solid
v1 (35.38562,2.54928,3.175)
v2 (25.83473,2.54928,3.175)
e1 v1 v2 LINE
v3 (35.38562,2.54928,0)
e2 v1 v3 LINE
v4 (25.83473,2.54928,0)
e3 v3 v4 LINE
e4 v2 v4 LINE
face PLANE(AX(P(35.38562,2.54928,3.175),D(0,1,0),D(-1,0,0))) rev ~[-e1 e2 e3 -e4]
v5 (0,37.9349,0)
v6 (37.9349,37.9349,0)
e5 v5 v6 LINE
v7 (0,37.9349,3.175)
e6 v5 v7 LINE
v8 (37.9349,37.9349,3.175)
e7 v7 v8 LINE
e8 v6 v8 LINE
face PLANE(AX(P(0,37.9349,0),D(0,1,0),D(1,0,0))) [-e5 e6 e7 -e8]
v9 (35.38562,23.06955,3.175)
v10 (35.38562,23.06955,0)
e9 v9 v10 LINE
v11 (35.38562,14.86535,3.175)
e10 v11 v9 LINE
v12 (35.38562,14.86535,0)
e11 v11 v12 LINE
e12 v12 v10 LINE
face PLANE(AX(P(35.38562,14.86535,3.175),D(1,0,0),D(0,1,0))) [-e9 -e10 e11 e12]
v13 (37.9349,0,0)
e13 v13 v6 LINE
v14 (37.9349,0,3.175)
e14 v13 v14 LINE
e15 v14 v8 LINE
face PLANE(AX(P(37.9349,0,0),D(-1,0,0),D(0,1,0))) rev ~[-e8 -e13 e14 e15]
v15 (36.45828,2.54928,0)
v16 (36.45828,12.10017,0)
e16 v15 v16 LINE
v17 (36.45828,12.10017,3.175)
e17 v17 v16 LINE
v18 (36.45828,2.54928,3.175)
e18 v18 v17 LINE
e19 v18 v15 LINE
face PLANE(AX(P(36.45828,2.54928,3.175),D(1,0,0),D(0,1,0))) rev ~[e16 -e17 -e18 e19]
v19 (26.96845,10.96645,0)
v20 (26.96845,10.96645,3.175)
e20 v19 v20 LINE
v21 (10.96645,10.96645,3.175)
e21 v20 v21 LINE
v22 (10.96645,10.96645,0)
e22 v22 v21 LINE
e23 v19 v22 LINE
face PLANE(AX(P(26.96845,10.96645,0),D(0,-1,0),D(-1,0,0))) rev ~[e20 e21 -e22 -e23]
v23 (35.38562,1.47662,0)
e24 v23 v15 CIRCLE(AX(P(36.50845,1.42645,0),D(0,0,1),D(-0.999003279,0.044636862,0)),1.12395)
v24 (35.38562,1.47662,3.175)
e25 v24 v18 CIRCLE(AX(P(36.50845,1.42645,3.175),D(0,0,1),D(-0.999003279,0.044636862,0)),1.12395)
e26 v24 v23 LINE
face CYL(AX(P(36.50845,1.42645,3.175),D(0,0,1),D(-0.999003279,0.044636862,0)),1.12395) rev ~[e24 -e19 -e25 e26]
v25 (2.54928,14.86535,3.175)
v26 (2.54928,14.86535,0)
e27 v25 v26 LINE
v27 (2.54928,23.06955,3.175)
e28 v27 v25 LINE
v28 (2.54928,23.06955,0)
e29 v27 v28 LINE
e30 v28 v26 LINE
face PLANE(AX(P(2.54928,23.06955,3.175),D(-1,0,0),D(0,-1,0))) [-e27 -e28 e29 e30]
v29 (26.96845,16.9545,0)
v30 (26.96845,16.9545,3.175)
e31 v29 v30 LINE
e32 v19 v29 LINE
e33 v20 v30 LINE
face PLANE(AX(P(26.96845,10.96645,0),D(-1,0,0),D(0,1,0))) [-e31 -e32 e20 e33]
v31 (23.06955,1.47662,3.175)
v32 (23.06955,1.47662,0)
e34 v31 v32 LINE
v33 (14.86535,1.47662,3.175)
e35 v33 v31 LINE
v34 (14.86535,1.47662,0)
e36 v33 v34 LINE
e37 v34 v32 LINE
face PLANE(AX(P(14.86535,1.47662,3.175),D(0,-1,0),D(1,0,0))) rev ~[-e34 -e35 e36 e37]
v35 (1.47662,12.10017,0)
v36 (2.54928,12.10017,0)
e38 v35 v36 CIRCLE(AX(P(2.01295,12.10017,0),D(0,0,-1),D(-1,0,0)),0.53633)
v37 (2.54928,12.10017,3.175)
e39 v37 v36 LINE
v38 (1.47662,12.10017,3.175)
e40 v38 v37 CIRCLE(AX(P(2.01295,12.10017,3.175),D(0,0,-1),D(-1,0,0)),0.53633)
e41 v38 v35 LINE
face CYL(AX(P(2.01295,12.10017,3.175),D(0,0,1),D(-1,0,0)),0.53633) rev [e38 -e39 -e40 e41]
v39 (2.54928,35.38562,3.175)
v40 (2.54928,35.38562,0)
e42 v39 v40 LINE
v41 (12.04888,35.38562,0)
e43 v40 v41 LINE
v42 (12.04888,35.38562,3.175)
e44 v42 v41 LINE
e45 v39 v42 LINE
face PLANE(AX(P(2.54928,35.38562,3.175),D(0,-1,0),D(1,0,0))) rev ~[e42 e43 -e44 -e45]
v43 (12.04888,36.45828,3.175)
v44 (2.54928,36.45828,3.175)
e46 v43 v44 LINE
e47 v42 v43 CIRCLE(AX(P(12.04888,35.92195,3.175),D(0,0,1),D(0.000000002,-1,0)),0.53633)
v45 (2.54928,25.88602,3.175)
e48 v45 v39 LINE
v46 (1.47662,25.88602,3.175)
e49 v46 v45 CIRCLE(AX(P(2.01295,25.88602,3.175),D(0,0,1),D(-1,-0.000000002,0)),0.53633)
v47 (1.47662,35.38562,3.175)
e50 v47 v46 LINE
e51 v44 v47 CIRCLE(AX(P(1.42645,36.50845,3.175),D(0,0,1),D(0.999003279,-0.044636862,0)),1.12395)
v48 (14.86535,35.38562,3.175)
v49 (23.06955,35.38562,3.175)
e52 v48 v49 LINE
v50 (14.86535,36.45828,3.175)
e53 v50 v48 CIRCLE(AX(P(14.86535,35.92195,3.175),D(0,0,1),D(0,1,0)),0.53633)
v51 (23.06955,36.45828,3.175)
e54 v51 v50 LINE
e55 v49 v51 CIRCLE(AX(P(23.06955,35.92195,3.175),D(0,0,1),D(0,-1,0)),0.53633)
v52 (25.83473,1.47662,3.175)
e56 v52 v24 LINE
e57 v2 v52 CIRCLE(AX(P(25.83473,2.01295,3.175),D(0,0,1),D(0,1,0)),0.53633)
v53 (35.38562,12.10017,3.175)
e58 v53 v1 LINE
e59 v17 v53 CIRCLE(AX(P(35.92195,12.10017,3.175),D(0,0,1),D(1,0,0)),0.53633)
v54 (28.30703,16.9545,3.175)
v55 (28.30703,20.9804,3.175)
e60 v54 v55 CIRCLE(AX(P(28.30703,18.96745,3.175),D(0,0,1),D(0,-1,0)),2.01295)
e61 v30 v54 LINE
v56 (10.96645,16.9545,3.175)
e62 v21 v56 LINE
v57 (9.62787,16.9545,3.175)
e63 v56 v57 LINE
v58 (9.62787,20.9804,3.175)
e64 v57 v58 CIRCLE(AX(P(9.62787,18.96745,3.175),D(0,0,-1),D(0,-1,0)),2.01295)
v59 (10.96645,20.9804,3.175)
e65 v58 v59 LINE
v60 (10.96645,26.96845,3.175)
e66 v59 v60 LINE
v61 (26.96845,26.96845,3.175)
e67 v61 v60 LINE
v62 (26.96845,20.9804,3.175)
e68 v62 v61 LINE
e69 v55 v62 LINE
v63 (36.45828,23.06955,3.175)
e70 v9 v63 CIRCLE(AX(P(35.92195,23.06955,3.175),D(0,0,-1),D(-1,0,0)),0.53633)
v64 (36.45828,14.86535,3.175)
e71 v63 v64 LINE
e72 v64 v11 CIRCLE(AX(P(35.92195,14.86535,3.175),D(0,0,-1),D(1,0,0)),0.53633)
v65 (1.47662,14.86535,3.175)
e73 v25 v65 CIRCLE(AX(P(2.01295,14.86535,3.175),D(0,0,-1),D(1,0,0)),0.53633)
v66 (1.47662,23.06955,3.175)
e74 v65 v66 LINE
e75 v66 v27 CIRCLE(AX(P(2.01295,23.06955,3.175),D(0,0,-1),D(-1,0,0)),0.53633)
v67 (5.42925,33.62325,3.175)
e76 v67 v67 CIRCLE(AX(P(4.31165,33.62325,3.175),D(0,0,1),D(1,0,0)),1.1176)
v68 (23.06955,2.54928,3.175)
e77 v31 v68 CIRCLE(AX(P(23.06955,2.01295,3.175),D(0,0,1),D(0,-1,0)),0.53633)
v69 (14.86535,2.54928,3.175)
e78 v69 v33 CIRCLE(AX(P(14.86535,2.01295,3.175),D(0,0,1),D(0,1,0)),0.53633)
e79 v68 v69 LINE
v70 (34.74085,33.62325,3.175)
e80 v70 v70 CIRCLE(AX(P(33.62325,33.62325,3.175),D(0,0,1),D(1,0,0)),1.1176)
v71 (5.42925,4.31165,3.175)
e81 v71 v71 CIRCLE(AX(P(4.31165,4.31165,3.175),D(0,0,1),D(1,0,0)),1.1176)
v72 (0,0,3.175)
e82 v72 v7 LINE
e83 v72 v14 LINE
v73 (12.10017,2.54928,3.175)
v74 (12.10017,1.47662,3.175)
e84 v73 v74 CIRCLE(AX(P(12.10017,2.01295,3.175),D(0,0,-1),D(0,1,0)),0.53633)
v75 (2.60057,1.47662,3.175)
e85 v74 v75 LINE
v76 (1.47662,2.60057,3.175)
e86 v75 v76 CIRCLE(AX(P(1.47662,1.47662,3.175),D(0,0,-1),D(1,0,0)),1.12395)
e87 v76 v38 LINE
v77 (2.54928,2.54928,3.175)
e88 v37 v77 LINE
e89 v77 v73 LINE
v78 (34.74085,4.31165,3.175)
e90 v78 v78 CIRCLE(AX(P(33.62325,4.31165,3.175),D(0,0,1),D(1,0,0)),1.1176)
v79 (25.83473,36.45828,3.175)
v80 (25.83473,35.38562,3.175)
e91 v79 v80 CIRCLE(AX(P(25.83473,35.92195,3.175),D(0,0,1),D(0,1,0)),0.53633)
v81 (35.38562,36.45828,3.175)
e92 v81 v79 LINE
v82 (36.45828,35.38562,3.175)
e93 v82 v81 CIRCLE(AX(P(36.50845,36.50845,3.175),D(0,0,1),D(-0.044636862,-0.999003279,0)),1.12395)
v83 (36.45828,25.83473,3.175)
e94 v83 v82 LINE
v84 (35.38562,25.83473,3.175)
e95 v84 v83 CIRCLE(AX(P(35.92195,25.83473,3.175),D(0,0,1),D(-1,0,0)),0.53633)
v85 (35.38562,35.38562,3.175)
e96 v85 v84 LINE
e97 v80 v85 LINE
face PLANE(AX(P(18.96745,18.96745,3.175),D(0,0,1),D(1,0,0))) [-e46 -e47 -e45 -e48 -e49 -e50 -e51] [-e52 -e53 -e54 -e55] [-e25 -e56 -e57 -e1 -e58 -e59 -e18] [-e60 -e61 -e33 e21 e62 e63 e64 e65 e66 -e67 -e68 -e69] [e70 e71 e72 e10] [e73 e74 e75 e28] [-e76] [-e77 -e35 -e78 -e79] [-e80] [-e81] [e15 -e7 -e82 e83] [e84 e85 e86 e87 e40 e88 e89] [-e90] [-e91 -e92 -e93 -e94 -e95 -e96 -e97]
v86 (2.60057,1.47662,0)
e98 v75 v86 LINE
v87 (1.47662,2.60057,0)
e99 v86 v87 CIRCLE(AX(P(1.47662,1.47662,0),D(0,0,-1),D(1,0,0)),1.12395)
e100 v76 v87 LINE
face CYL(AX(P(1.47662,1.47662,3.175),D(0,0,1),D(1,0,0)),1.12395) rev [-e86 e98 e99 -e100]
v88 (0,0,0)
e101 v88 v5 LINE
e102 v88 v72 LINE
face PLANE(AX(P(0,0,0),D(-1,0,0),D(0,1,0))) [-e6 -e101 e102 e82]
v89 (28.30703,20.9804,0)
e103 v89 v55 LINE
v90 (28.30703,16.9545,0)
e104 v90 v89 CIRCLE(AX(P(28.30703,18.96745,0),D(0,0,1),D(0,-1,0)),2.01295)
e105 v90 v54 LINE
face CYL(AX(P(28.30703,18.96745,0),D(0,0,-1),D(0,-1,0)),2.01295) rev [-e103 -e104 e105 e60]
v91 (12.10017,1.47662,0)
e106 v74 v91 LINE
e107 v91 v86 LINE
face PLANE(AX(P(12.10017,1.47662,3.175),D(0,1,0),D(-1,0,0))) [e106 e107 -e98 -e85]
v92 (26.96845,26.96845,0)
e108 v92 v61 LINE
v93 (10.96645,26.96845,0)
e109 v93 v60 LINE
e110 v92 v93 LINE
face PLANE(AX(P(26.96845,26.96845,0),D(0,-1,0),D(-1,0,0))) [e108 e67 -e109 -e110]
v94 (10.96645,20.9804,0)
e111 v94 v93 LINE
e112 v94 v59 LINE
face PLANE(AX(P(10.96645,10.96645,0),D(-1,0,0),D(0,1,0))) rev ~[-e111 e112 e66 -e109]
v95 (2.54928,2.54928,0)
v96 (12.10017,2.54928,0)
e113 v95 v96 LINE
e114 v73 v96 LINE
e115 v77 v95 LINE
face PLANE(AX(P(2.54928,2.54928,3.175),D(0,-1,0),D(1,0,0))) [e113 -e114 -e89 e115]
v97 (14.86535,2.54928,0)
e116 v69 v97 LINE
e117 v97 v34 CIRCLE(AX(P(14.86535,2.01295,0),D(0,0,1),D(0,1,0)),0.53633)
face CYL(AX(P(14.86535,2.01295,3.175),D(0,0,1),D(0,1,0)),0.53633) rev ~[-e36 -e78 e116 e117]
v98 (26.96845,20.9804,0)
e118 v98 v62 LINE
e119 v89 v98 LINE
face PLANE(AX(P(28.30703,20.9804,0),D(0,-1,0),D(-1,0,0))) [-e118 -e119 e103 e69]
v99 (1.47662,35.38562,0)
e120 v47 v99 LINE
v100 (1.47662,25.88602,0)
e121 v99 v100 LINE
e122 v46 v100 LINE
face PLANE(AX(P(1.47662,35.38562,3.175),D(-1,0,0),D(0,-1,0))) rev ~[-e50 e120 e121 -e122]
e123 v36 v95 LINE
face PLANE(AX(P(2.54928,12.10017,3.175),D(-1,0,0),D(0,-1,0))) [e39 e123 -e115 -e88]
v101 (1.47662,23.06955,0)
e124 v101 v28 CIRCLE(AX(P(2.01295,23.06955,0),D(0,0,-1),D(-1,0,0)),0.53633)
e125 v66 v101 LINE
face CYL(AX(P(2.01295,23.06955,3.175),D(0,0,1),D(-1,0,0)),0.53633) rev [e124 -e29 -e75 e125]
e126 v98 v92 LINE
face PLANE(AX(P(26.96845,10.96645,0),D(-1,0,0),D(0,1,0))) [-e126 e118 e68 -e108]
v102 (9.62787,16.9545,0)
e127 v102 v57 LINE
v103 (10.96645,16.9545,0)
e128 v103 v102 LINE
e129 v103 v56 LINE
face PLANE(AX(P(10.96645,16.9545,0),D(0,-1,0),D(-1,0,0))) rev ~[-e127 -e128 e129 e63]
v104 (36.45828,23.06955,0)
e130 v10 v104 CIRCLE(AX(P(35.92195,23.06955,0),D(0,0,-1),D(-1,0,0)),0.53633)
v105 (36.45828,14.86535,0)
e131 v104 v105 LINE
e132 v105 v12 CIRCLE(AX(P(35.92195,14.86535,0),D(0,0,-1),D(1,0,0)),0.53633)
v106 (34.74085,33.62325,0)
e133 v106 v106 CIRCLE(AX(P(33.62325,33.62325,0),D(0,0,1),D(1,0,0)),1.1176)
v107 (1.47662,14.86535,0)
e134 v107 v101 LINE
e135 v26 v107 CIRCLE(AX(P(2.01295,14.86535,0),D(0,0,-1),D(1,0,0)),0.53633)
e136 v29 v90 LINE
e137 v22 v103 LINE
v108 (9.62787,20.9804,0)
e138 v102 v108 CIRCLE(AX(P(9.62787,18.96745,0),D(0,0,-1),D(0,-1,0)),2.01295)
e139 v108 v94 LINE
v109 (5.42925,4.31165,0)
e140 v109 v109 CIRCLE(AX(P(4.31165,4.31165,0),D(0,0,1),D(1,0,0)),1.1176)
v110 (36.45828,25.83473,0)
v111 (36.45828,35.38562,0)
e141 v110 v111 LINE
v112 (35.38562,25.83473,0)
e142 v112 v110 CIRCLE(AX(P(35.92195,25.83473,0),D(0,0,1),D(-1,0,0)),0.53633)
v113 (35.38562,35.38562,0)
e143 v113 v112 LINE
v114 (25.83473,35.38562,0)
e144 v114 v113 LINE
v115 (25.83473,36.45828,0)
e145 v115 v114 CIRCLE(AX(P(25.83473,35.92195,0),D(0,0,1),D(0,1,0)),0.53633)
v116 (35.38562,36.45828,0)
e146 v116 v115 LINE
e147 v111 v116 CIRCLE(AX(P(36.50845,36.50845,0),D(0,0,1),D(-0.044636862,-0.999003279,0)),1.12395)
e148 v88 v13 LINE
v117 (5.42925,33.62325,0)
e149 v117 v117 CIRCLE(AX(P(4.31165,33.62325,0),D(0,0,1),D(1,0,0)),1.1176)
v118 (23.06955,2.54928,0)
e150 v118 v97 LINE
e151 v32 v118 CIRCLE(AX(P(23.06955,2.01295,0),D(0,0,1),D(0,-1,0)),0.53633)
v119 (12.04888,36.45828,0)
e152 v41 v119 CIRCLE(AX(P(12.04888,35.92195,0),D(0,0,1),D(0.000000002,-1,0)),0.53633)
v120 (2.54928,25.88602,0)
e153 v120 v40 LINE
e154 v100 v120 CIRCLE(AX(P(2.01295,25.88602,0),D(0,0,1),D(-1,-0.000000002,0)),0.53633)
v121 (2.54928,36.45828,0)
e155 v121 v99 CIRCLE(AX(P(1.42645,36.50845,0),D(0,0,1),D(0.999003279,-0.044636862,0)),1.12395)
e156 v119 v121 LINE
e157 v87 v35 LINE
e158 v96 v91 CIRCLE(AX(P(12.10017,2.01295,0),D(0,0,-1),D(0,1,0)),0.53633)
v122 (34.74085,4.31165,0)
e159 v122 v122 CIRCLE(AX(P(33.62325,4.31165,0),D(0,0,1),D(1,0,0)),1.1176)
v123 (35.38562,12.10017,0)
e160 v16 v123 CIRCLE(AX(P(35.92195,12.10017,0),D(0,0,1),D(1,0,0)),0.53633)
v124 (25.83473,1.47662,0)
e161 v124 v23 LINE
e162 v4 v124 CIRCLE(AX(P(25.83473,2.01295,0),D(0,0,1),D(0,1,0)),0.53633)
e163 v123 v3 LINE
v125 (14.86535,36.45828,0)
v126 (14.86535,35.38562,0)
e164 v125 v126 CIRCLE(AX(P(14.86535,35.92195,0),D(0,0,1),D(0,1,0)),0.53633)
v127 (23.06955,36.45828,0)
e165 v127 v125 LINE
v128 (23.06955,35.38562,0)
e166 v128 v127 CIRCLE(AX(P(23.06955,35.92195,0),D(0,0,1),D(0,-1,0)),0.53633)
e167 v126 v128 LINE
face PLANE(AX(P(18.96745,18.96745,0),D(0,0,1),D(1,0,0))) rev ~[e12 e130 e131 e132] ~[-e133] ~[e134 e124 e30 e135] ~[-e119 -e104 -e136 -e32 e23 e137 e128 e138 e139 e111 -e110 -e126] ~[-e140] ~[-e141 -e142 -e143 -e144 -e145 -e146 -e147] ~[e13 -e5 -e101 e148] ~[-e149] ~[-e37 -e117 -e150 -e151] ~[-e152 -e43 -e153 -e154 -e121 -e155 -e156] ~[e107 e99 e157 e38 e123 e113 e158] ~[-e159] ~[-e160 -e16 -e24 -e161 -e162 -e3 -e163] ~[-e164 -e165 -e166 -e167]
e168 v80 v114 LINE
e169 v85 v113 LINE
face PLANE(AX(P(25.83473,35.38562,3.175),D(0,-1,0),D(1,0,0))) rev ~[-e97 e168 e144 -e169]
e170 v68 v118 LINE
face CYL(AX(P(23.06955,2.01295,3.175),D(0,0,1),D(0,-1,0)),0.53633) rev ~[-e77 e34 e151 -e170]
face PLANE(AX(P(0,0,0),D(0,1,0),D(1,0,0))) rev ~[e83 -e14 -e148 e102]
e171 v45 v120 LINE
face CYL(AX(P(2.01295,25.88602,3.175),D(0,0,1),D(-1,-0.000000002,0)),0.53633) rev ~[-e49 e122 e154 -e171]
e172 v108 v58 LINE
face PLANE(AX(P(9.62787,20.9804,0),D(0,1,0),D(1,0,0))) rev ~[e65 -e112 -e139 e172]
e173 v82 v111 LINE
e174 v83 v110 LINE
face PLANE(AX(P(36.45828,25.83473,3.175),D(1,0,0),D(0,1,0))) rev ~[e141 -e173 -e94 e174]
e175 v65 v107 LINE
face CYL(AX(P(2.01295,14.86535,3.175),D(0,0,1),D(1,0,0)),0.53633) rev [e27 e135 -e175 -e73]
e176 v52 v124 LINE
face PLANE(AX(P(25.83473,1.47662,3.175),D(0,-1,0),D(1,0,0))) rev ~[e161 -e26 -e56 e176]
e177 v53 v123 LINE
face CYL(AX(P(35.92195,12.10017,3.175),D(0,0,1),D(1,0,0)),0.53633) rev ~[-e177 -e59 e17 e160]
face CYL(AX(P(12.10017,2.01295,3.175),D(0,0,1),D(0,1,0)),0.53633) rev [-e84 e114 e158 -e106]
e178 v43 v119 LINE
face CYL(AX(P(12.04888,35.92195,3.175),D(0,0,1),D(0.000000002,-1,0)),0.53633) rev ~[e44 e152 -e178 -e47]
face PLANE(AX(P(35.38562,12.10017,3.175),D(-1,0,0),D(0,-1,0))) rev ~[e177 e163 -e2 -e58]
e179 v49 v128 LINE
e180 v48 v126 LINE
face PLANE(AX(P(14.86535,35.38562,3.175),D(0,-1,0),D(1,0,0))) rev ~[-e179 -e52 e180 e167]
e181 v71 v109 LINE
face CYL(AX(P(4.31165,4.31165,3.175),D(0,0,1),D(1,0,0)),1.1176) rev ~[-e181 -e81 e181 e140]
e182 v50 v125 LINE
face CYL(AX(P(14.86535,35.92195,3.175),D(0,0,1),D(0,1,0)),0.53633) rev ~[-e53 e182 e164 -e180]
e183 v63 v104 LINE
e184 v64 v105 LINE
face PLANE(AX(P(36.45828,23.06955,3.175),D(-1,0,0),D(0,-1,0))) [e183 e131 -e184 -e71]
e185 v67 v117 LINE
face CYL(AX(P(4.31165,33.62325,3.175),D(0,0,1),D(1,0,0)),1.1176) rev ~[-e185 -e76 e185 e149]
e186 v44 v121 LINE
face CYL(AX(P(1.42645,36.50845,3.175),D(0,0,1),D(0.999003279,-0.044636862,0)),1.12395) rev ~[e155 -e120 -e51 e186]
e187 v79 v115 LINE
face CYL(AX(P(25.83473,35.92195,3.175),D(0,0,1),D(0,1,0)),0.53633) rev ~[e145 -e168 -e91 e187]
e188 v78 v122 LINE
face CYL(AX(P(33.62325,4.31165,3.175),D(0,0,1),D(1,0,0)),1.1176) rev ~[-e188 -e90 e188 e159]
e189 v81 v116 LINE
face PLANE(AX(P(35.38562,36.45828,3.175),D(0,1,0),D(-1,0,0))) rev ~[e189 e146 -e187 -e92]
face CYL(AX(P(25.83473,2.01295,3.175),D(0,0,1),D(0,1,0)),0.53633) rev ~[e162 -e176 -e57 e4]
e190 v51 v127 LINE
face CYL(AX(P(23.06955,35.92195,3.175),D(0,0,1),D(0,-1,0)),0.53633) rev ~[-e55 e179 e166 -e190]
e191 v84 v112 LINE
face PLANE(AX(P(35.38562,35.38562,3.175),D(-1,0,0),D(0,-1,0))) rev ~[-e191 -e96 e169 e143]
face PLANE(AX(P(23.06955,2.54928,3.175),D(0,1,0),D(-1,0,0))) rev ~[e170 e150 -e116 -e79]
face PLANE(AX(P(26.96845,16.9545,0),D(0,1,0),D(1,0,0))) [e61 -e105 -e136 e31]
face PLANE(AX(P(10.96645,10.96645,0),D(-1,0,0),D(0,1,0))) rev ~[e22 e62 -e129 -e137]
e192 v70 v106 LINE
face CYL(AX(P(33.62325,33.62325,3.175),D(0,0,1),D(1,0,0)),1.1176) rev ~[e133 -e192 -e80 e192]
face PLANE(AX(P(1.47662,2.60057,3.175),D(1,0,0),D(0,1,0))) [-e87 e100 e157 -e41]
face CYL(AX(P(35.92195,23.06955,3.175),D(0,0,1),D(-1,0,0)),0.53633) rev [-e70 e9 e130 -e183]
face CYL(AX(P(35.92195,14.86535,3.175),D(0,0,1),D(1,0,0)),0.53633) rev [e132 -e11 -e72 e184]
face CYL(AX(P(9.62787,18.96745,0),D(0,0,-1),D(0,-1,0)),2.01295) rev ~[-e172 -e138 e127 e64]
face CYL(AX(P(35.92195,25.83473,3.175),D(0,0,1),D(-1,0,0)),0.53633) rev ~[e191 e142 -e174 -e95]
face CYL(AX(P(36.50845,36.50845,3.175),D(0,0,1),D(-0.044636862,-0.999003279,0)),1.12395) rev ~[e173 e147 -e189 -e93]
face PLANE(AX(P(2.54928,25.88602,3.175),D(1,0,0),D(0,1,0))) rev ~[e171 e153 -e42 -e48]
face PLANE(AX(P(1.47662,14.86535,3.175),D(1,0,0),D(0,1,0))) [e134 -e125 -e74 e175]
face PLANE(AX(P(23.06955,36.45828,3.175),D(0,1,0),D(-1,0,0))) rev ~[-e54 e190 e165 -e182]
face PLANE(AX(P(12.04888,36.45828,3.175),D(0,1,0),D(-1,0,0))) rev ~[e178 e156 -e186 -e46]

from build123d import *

# Parameters (mm, degrees)
SKETCH1_W           = 37.9349
SKETCH1_H           = 37.9349
BOSS_EXTRUDE1_DEPTH = 3.175
SKETCH9_R           = 1.1176
CUT_EXTRUDE2_DEPTH  = 3.175
SKETCH10_W          = 16.002
SKETCH10_H          = 16.002
CUT_EXTRUDE3_DEPTH  = 3.175
CUT_EXTRUDE4_DEPTH  = 3.175


with BuildPart() as part:
    # Sketch1 → Boss-Extrude1 (new body)
    with BuildSketch(Plane.XY):
        with Locations((18.96745, 18.96745)):
            Rectangle(SKETCH1_W, SKETCH1_H)
    extrude(amount=BOSS_EXTRUDE1_DEPTH)

    # Sketch9 → Cut-Extrude2 (cut)
    with BuildSketch(Plane.XY.offset(3.175)):
        with Locations((33.62325, 33.62325)):
            Circle(SKETCH9_R)
        with Locations((4.31165, 33.62325)):
            Circle(SKETCH9_R)
        with Locations((4.31165, 4.31165)):
            Circle(SKETCH9_R)
        with Locations((33.62325, 4.31165)):
            Circle(SKETCH9_R)
        with BuildLine():
            Line((35.385619933, 12.100169933), (35.385619933, 2.549280067))
            Line((35.385619933, 2.549280067), (25.834730067, 2.549280067))
            ThreePointArc((25.834730067, 2.549280067), (25.2984, 2.01295), (25.834730067, 1.476619933))
            Line((25.834730067, 1.476619933), (35.385619933, 1.476619933))
            ThreePointArc((35.385619933, 1.476619933), (37.303202335, 0.631697665), (36.458280067, 2.549280067))
            Line((36.458280067, 2.549280067), (36.458280067, 12.100169933))
            ThreePointArc((36.458280067, 12.100169933), (35.92195, 12.6365), (35.385619933, 12.100169933))
        make_face()
        with BuildLine():
            Line((35.385619933, 36.458280067), (25.834730067, 36.458280067))
            ThreePointArc((25.834730067, 36.458280067), (25.2984, 35.92195), (25.834730067, 35.385619933))
            Line((25.834730067, 35.385619933), (35.385619933, 35.385619933))
            Line((35.385619933, 35.385619933), (35.385619933, 25.834730067))
            ThreePointArc((35.385619933, 25.834730067), (35.92195, 25.2984), (36.458280067, 25.834730067))
            Line((36.458280067, 25.834730067), (36.458280067, 35.385619933))
            ThreePointArc((36.458280067, 35.385619933), (37.303202335, 37.303202335), (35.385619933, 36.458280067))
        make_face()
        with BuildLine():
            Line((12.048880067, 36.458280067), (2.549280067, 36.458280067))
            ThreePointArc((2.549280067, 36.458280067), (0.631697665, 37.303202335), (1.476619933, 35.385619933))
            Line((1.476619933, 35.385619933), (1.476619933, 25.886019933))
            ThreePointArc((1.476619933, 25.886019933), (2.01295, 25.349689867), (2.549280067, 25.886019933))
            Line((2.549280067, 25.886019933), (2.549280067, 35.385619933))
            Line((2.549280067, 35.385619933), (12.048880067, 35.385619933))
            ThreePointArc((12.048880067, 35.385619933), (12.585210133, 35.92195), (12.048880067, 36.458280067))
        make_face()
        with BuildLine():
            Line((23.06955, 36.458280067), (14.86535, 36.458280067))
            ThreePointArc((14.86535, 36.458280067), (14.329019933, 35.92195), (14.86535, 35.385619933))
            Line((14.86535, 35.385619933), (23.06955, 35.385619933))
            ThreePointArc((23.06955, 35.385619933), (23.605880067, 35.92195), (23.06955, 36.458280067))
        make_face()
        with BuildLine():
            Line((2.549280067, 23.06955), (2.549280067, 14.86535))
            ThreePointArc((2.549280067, 14.86535), (2.01295, 14.329019933), (1.476619933, 14.86535))
            Line((1.476619933, 14.86535), (1.476619933, 23.06955))
            ThreePointArc((1.476619933, 23.06955), (2.01295, 23.605880067), (2.549280067, 23.06955))
        make_face()
        with BuildLine():
            Line((36.458280067, 23.06955), (36.458280067, 14.86535))
            ThreePointArc((36.458280067, 14.86535), (35.92195, 14.329019933), (35.385619933, 14.86535))
            Line((35.385619933, 14.86535), (35.385619933, 23.06955))
            ThreePointArc((35.385619933, 23.06955), (35.92195, 23.605880067), (36.458280067, 23.06955))
        make_face()
        with BuildLine():
            Line((23.06955, 2.549280067), (14.86535, 2.549280067))
            ThreePointArc((14.86535, 2.549280067), (14.329019933, 2.01295), (14.86535, 1.476619933))
            Line((14.86535, 1.476619933), (23.06955, 1.476619933))
            ThreePointArc((23.06955, 1.476619933), (23.605880067, 2.01295), (23.06955, 2.549280067))
        make_face()
        with BuildLine():
            Line((2.549280067, 12.100169933), (2.549280067, 2.549280067))
            Line((2.549280067, 2.549280067), (12.100169933, 2.549280067))
            ThreePointArc((12.100169933, 2.549280067), (12.6365, 2.01295), (12.100169933, 1.476619933))
            Line((12.100169933, 1.476619933), (2.600569933, 1.476619933))
            ThreePointArc((2.600569933, 1.476619933), (0.681867267, 0.681867267), (1.476619933, 2.600569933))
            Line((1.476619933, 2.600569933), (1.476619933, 12.100169933))
            ThreePointArc((1.476619933, 12.100169933), (2.01295, 12.6365), (2.549280067, 12.100169933))
        make_face()
    extrude(amount=-CUT_EXTRUDE2_DEPTH, mode=Mode.SUBTRACT)

    # Sketch10 → Cut-Extrude3 (cut)
    with BuildSketch(Plane(origin=(0, 0, 0), x_dir=(-1, 0, 0), z_dir=(0, 0, -1))):
        with Locations((-18.96745, 18.96745)):
            Rectangle(SKETCH10_W, SKETCH10_H)
    extrude(amount=-CUT_EXTRUDE3_DEPTH, mode=Mode.SUBTRACT)

    # Sketch11 → Cut-Extrude4 (cut)
    with BuildSketch(Plane(origin=(0, 0, 0), x_dir=(-1, 0, 0), z_dir=(0, 0, -1))):
        with BuildLine():
            Line((-10.96645, 16.9545), (-9.62787, 16.9545))
            ThreePointArc((-9.62787, 16.9545), (-7.61492, 18.96745), (-9.62787, 20.9804))
            Line((-9.62787, 20.9804), (-10.96645, 20.9804))
            Line((-10.96645, 20.9804), (-10.96645, 16.9545))
        make_face()
        with BuildLine():
            Line((-28.30703, 20.9804), (-26.96845, 20.9804))
            Line((-26.96845, 20.9804), (-26.96845, 16.9545))
            Line((-26.96845, 16.9545), (-28.30703, 16.9545))
            ThreePointArc((-28.30703, 16.9545), (-30.31998, 18.96745), (-28.30703, 20.9804))
        make_face()
    extrude(amount=-CUT_EXTRUDE4_DEPTH, mode=Mode.SUBTRACT)


solid = part.part
